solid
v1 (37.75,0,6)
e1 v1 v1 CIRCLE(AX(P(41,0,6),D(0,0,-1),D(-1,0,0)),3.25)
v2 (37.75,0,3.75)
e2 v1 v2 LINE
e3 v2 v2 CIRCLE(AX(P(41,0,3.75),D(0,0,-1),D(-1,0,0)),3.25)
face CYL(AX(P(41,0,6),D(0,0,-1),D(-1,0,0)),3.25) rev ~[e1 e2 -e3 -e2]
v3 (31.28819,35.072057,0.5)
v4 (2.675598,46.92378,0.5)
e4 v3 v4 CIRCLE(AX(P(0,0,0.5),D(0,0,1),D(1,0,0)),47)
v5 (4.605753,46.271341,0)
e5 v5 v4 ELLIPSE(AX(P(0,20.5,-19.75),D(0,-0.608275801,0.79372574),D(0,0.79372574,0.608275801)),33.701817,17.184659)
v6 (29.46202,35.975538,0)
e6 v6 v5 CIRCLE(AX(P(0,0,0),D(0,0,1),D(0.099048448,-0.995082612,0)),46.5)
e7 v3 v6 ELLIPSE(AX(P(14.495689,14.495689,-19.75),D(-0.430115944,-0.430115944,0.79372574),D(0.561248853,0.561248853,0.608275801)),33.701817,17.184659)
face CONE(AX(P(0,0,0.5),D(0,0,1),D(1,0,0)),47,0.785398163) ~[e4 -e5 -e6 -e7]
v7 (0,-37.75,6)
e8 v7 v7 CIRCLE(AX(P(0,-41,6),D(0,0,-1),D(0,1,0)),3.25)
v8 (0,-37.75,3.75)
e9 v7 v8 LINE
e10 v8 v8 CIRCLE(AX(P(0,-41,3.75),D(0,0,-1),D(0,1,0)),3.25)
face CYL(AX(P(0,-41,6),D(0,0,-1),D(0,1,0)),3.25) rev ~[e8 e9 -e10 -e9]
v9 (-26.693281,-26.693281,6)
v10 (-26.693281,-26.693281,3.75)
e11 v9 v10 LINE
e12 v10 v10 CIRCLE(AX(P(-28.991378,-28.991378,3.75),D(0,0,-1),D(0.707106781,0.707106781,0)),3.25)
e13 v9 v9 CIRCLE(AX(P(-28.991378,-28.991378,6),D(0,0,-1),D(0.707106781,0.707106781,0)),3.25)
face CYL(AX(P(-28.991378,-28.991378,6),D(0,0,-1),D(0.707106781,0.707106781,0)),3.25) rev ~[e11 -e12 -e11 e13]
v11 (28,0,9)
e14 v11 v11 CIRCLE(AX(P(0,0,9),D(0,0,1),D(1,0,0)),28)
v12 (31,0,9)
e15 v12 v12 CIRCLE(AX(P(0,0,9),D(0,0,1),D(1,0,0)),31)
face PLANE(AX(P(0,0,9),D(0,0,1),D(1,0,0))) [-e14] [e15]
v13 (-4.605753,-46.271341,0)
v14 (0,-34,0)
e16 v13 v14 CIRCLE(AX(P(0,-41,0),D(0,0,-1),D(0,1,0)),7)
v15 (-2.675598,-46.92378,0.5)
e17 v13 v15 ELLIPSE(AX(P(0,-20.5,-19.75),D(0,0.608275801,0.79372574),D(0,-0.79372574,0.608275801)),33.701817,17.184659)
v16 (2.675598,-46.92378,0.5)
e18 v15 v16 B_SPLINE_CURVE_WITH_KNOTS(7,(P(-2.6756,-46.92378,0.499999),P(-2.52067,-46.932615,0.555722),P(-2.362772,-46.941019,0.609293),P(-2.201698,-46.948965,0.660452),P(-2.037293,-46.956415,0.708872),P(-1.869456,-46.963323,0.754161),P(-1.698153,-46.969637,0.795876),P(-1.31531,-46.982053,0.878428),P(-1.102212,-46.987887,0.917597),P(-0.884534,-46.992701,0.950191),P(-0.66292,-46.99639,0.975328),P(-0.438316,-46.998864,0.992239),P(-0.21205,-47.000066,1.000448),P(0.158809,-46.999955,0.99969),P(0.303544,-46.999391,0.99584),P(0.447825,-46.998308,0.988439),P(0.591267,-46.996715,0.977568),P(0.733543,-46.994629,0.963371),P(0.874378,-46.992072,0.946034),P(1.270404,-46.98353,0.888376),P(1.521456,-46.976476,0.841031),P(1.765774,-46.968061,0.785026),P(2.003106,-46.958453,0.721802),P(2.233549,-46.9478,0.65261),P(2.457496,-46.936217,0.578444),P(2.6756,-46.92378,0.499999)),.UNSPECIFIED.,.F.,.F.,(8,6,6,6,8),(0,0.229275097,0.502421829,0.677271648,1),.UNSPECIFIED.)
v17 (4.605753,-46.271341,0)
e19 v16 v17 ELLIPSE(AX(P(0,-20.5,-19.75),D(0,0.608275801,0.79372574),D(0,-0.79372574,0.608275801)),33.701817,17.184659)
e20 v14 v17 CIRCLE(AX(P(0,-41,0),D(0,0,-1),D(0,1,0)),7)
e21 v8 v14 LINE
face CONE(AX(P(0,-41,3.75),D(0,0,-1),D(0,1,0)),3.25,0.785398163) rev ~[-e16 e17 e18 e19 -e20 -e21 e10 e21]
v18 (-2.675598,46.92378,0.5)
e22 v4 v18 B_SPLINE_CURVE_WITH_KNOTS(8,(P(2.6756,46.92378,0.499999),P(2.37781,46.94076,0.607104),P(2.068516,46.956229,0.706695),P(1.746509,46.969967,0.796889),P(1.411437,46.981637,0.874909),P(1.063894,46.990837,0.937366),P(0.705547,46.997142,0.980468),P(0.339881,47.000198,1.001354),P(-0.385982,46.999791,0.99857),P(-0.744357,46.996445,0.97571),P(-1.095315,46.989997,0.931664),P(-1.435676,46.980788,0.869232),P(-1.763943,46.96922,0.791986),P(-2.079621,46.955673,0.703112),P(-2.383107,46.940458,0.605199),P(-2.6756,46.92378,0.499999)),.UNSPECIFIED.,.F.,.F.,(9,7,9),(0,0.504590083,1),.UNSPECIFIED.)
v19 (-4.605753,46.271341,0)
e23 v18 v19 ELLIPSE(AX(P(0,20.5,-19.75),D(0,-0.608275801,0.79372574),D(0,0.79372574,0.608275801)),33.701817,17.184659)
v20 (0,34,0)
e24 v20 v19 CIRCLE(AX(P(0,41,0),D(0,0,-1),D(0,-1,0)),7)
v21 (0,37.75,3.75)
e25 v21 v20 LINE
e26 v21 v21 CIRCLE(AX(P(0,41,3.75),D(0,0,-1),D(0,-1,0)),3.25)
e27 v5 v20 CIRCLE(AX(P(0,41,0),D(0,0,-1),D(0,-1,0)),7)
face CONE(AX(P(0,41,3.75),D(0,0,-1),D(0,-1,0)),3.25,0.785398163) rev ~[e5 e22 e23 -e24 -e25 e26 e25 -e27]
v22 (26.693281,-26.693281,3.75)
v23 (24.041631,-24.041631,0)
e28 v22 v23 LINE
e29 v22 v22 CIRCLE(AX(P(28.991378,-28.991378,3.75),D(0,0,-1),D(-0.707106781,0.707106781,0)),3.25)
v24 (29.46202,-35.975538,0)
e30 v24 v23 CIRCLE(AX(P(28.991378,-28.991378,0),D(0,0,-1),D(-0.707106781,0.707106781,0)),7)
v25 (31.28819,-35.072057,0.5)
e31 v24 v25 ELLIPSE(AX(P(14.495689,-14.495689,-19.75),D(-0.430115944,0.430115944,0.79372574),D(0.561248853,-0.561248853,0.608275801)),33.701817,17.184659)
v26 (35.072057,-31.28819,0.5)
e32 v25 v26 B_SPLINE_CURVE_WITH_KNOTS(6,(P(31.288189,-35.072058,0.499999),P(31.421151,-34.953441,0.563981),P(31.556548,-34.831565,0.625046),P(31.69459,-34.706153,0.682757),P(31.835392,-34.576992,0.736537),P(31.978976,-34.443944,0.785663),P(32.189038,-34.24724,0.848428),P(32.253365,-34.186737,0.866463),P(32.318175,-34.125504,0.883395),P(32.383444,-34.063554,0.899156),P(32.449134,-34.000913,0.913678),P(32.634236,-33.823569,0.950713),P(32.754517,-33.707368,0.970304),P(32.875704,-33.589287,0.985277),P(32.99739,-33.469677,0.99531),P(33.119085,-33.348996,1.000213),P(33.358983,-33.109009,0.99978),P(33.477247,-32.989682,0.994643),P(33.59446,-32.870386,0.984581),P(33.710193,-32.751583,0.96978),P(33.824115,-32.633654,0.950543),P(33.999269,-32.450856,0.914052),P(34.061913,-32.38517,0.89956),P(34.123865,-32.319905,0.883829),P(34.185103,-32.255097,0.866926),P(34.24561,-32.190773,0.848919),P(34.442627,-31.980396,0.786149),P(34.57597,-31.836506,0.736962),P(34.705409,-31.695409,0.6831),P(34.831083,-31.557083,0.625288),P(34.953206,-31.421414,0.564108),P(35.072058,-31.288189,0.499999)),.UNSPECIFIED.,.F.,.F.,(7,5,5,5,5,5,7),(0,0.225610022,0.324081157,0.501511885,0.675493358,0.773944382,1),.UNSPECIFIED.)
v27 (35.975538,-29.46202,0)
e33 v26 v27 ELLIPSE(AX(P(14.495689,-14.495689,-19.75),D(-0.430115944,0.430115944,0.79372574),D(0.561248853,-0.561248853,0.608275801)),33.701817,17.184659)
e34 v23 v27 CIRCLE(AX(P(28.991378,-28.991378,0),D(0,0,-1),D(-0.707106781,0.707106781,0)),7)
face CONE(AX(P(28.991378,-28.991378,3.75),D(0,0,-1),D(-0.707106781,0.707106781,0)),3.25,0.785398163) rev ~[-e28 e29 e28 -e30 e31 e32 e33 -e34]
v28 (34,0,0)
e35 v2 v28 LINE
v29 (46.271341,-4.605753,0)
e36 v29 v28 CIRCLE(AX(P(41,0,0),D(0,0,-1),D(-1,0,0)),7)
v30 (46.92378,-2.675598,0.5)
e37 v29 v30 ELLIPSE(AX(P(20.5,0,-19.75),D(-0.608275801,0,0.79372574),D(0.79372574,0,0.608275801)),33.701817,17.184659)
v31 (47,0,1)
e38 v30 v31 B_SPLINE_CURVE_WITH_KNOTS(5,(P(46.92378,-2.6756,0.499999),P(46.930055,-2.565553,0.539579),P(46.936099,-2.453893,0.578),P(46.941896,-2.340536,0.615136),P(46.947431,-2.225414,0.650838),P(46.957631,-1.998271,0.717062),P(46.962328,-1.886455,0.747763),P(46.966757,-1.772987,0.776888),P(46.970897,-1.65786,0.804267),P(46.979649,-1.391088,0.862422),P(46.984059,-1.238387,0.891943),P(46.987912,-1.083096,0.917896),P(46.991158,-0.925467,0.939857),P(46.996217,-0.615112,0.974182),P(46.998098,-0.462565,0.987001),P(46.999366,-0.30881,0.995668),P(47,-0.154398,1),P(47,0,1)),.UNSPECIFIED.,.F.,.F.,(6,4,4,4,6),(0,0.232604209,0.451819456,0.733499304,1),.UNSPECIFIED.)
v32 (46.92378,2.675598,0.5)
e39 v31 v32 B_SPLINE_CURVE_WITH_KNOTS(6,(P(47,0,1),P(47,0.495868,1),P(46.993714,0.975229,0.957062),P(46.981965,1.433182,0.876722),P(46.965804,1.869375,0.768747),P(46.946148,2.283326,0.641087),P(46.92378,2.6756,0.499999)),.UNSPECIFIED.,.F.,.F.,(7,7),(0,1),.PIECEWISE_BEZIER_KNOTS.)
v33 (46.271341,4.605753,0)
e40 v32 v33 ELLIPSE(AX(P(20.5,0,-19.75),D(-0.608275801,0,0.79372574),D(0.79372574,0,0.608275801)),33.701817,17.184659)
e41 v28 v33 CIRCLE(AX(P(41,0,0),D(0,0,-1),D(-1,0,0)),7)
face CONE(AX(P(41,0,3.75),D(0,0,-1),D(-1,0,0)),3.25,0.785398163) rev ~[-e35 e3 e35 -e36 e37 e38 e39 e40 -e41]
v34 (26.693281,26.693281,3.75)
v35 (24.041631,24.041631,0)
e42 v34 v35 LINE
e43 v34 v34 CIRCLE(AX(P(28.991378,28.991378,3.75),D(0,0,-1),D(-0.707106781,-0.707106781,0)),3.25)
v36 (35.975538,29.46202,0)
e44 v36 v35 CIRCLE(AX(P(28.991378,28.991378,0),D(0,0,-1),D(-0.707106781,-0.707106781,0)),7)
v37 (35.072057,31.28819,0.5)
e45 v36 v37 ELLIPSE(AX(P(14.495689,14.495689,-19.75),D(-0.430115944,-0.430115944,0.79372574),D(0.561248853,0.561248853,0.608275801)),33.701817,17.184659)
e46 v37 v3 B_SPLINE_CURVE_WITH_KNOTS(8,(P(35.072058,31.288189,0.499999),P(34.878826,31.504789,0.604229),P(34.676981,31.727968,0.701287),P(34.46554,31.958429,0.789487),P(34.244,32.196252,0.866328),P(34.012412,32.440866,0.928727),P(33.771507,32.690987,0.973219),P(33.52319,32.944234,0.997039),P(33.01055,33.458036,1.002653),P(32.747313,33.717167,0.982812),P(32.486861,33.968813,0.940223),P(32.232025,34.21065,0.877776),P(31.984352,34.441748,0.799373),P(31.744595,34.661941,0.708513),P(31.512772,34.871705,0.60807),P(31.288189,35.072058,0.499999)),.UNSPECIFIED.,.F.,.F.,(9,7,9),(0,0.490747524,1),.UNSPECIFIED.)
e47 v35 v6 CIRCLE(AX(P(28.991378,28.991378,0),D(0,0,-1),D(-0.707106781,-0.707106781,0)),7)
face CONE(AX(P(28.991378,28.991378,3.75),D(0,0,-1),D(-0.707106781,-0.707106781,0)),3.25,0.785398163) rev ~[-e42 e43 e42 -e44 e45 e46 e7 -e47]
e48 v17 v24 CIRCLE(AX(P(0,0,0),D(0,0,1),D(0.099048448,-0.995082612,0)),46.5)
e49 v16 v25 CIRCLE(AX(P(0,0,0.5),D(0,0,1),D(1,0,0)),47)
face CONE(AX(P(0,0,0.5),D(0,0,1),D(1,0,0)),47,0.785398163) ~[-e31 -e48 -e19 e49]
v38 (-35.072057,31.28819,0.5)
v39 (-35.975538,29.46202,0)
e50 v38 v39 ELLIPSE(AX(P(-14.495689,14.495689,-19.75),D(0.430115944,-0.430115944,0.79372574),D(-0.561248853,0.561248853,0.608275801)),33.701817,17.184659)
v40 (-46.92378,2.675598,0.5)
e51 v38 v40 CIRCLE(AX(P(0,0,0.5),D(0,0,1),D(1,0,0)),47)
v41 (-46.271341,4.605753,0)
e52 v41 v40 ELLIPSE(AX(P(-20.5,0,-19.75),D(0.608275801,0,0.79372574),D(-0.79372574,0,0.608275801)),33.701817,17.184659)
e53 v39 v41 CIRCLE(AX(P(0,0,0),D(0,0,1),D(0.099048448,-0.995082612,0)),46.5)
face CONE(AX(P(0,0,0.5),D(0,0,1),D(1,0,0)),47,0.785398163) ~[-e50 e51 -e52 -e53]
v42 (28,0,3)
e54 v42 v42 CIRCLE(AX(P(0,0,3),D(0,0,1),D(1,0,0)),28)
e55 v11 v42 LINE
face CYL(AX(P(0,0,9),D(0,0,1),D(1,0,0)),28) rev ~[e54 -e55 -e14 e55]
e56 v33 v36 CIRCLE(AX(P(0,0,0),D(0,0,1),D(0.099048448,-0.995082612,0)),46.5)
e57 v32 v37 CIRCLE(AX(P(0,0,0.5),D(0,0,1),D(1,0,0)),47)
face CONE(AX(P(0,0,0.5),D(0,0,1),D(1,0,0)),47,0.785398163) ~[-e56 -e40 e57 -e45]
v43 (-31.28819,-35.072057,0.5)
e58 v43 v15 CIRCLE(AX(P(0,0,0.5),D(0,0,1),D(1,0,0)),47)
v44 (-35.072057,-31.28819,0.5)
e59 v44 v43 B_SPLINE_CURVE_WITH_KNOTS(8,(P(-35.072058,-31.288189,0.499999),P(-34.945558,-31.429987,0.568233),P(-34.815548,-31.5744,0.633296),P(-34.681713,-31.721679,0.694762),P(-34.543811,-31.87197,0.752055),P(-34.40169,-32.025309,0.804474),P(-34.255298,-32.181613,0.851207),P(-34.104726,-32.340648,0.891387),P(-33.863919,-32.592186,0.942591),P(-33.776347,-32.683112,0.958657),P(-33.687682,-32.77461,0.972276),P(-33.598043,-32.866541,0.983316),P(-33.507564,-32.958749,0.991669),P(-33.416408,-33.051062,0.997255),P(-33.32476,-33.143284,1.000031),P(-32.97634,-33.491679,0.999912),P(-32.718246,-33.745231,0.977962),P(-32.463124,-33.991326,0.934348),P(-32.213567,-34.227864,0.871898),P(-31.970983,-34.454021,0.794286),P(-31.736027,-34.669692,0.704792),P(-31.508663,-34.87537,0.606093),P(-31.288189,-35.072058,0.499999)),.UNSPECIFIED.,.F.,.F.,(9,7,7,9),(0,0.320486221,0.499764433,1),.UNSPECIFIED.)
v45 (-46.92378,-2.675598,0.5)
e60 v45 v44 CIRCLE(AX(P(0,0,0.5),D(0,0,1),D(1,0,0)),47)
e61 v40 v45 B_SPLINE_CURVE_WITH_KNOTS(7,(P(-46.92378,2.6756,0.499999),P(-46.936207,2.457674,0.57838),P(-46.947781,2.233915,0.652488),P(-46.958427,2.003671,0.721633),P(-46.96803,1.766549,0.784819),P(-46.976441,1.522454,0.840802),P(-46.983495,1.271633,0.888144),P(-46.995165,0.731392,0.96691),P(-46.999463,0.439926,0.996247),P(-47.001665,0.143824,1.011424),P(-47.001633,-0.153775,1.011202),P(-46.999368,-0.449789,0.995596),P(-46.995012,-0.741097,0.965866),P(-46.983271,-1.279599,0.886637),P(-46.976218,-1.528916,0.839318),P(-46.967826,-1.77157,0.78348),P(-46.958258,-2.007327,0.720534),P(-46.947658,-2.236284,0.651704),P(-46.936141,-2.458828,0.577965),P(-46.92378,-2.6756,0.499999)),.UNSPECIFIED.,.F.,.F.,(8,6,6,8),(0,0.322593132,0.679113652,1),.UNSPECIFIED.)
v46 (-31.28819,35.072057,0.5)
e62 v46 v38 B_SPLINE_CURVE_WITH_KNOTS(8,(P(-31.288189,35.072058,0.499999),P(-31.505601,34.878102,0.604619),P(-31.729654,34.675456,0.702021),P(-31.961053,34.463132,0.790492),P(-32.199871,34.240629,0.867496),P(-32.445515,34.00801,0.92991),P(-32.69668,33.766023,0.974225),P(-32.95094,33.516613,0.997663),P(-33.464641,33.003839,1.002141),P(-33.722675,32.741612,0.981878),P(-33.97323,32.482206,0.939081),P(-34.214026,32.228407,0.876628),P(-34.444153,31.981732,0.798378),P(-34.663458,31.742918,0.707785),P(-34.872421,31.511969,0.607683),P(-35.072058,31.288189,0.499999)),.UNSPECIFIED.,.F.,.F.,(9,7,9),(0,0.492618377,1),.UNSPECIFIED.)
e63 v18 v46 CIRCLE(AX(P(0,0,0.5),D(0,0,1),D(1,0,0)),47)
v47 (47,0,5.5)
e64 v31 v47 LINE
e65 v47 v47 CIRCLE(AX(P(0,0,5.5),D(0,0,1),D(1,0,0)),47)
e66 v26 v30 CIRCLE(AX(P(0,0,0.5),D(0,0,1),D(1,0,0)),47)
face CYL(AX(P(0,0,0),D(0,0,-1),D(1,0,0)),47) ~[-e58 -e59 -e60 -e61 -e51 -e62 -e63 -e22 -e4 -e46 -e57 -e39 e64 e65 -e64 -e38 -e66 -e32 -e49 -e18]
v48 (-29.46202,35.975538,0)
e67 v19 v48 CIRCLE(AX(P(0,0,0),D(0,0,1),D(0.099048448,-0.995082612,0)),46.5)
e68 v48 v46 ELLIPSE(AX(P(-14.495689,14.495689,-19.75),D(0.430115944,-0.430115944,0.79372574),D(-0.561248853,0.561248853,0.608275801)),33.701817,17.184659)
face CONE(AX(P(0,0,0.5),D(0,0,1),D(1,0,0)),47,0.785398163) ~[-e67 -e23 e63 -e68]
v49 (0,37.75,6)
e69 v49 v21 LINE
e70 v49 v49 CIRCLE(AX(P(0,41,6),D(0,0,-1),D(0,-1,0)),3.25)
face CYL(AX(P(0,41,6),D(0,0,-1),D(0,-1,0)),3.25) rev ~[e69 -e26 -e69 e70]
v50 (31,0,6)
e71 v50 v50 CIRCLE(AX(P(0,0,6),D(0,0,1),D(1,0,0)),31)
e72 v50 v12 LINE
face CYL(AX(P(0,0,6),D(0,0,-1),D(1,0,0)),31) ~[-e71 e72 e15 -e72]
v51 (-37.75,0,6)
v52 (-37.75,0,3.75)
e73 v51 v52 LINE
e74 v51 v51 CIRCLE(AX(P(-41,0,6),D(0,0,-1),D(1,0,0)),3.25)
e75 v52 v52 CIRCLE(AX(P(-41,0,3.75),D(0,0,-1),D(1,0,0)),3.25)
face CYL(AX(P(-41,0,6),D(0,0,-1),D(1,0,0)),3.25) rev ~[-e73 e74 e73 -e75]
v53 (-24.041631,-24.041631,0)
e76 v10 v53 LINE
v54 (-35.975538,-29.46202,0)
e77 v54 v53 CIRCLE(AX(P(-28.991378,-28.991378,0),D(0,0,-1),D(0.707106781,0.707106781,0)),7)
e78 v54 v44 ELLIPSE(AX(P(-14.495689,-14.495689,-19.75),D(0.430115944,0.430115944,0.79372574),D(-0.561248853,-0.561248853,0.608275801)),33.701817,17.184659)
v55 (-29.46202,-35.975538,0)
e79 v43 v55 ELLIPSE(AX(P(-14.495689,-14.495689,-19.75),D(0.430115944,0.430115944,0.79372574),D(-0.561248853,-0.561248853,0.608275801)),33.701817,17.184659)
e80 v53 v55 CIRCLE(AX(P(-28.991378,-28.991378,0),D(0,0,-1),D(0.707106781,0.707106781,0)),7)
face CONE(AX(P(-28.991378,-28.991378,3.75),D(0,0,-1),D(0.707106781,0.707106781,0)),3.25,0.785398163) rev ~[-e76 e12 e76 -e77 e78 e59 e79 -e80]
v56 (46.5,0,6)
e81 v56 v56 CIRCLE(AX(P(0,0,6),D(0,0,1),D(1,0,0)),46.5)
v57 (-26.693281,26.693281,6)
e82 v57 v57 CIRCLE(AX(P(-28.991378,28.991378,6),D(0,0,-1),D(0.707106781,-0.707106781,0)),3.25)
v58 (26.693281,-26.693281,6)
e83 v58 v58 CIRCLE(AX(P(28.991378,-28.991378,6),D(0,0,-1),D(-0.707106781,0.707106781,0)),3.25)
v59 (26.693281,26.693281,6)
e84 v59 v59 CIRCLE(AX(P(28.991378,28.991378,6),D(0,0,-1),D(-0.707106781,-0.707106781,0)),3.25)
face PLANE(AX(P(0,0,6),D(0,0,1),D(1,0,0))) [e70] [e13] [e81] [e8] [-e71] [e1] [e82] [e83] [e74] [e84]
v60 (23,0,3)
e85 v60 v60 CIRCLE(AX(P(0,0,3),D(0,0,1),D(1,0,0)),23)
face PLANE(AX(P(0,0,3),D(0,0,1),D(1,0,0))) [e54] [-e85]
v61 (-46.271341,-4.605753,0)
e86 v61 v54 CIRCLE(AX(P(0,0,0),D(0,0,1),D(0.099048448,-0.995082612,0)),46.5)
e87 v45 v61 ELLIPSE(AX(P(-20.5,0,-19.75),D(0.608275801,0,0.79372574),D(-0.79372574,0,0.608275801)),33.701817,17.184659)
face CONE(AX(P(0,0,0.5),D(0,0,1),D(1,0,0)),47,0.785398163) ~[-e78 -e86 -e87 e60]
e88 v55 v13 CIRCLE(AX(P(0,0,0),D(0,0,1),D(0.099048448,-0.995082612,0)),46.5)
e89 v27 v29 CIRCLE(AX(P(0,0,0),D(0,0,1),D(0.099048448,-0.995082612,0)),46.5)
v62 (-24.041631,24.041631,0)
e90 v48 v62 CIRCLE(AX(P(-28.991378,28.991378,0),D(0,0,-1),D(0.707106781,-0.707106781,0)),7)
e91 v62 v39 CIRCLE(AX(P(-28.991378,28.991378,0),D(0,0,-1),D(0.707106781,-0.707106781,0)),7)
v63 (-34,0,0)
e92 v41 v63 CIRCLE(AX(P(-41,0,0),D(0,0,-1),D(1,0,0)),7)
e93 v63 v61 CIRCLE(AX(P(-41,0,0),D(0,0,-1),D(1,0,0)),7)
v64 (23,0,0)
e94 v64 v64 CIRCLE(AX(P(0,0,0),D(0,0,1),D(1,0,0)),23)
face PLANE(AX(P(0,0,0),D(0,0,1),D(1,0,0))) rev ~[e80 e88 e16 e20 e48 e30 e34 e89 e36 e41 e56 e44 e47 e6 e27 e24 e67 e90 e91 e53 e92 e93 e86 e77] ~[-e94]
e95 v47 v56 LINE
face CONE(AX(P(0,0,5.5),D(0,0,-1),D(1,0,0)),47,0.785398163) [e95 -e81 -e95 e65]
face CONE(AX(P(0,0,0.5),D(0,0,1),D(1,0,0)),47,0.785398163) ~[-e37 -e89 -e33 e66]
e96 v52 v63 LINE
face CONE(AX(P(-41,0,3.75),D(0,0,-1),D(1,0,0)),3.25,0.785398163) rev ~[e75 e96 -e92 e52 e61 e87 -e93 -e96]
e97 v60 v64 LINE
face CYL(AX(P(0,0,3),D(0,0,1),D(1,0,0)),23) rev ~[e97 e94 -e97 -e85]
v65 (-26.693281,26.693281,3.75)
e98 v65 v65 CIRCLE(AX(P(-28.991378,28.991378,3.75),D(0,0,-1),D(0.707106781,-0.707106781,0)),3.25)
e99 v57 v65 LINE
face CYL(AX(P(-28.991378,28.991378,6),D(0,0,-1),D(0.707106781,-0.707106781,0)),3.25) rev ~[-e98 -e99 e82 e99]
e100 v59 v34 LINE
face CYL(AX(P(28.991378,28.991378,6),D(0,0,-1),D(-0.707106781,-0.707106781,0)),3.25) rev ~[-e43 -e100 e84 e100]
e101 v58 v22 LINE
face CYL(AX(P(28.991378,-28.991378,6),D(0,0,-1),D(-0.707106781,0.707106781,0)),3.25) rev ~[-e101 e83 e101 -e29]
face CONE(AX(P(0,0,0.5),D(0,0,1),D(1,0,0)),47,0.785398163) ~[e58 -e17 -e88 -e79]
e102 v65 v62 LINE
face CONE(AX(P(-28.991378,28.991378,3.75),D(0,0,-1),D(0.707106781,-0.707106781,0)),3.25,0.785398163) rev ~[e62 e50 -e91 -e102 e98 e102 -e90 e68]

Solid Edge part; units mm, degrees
sketch "Sketch1" plane through (0, 0, 0) normal (0, 0, 1) x (1, 0, 0)
  circle A0 centre (0, 0) radius 47
  dimension "D1" = 94
extrude "Protrusion1" add sketch "Sketch1" along normal blind 6
sketch "Sketch2" plane through (0, 0, 6) normal (0, 0, 1) x (1, 0, 0)
  circle A0 centre (0, 0) radius 31
  dimension "D1" = 62
extrude "ProtrusiónExtruida_2" add sketch "Sketch2" along normal blind 3
sketch "Sketch3" plane through (0, 0, 9) normal (0, 0, 1) x (1, 0, 0)
  circle A0 centre (0, 0) radius 28
  dimension "D1" = 56
extrude "VaciadoExtruido_1" cut sketch "Sketch3" against normal blind 6
sketch "Sketch4" plane through (0, 0, 3) normal (0, 0, 1) x (1, 0, 0)
  circle A0 centre (0, 0) radius 23
  dimension "D1" = 46
extrude "Cutout1" cut sketch "Sketch4" against normal through all
chamfer "Chaflán_1" distance 0.5 angle 45 2 edges at (-47, 0, 0) (-47, 0, 6)
sketch "Sketch5" plane through (0, 0, 0) normal (1, 0, 0) x (0, 1, 0)
  line L0 (-37.75, 6) -> (-37.75, 3.75)
  line L1 (-37.75, 3.75) -> (-34, 0)
  dimension "D1" = 41
  dimension "D2" = 3.25
  dimension "D3" = 3.75
revolve "RevolvedCutout1" cut sketch "Sketch5" angle 360 about axis through (0, -41, 17.975) along (0, 0, -1) material side at (0, -37.8, 4.875)
pattern_circular "Pattern1" count 8 over 360 about axis through (0, 0, 0) along (0, 0, 1) of "RevolvedCutout1"
properties part number "1976-1100-003" material "Aluminio, 7075-T6"
